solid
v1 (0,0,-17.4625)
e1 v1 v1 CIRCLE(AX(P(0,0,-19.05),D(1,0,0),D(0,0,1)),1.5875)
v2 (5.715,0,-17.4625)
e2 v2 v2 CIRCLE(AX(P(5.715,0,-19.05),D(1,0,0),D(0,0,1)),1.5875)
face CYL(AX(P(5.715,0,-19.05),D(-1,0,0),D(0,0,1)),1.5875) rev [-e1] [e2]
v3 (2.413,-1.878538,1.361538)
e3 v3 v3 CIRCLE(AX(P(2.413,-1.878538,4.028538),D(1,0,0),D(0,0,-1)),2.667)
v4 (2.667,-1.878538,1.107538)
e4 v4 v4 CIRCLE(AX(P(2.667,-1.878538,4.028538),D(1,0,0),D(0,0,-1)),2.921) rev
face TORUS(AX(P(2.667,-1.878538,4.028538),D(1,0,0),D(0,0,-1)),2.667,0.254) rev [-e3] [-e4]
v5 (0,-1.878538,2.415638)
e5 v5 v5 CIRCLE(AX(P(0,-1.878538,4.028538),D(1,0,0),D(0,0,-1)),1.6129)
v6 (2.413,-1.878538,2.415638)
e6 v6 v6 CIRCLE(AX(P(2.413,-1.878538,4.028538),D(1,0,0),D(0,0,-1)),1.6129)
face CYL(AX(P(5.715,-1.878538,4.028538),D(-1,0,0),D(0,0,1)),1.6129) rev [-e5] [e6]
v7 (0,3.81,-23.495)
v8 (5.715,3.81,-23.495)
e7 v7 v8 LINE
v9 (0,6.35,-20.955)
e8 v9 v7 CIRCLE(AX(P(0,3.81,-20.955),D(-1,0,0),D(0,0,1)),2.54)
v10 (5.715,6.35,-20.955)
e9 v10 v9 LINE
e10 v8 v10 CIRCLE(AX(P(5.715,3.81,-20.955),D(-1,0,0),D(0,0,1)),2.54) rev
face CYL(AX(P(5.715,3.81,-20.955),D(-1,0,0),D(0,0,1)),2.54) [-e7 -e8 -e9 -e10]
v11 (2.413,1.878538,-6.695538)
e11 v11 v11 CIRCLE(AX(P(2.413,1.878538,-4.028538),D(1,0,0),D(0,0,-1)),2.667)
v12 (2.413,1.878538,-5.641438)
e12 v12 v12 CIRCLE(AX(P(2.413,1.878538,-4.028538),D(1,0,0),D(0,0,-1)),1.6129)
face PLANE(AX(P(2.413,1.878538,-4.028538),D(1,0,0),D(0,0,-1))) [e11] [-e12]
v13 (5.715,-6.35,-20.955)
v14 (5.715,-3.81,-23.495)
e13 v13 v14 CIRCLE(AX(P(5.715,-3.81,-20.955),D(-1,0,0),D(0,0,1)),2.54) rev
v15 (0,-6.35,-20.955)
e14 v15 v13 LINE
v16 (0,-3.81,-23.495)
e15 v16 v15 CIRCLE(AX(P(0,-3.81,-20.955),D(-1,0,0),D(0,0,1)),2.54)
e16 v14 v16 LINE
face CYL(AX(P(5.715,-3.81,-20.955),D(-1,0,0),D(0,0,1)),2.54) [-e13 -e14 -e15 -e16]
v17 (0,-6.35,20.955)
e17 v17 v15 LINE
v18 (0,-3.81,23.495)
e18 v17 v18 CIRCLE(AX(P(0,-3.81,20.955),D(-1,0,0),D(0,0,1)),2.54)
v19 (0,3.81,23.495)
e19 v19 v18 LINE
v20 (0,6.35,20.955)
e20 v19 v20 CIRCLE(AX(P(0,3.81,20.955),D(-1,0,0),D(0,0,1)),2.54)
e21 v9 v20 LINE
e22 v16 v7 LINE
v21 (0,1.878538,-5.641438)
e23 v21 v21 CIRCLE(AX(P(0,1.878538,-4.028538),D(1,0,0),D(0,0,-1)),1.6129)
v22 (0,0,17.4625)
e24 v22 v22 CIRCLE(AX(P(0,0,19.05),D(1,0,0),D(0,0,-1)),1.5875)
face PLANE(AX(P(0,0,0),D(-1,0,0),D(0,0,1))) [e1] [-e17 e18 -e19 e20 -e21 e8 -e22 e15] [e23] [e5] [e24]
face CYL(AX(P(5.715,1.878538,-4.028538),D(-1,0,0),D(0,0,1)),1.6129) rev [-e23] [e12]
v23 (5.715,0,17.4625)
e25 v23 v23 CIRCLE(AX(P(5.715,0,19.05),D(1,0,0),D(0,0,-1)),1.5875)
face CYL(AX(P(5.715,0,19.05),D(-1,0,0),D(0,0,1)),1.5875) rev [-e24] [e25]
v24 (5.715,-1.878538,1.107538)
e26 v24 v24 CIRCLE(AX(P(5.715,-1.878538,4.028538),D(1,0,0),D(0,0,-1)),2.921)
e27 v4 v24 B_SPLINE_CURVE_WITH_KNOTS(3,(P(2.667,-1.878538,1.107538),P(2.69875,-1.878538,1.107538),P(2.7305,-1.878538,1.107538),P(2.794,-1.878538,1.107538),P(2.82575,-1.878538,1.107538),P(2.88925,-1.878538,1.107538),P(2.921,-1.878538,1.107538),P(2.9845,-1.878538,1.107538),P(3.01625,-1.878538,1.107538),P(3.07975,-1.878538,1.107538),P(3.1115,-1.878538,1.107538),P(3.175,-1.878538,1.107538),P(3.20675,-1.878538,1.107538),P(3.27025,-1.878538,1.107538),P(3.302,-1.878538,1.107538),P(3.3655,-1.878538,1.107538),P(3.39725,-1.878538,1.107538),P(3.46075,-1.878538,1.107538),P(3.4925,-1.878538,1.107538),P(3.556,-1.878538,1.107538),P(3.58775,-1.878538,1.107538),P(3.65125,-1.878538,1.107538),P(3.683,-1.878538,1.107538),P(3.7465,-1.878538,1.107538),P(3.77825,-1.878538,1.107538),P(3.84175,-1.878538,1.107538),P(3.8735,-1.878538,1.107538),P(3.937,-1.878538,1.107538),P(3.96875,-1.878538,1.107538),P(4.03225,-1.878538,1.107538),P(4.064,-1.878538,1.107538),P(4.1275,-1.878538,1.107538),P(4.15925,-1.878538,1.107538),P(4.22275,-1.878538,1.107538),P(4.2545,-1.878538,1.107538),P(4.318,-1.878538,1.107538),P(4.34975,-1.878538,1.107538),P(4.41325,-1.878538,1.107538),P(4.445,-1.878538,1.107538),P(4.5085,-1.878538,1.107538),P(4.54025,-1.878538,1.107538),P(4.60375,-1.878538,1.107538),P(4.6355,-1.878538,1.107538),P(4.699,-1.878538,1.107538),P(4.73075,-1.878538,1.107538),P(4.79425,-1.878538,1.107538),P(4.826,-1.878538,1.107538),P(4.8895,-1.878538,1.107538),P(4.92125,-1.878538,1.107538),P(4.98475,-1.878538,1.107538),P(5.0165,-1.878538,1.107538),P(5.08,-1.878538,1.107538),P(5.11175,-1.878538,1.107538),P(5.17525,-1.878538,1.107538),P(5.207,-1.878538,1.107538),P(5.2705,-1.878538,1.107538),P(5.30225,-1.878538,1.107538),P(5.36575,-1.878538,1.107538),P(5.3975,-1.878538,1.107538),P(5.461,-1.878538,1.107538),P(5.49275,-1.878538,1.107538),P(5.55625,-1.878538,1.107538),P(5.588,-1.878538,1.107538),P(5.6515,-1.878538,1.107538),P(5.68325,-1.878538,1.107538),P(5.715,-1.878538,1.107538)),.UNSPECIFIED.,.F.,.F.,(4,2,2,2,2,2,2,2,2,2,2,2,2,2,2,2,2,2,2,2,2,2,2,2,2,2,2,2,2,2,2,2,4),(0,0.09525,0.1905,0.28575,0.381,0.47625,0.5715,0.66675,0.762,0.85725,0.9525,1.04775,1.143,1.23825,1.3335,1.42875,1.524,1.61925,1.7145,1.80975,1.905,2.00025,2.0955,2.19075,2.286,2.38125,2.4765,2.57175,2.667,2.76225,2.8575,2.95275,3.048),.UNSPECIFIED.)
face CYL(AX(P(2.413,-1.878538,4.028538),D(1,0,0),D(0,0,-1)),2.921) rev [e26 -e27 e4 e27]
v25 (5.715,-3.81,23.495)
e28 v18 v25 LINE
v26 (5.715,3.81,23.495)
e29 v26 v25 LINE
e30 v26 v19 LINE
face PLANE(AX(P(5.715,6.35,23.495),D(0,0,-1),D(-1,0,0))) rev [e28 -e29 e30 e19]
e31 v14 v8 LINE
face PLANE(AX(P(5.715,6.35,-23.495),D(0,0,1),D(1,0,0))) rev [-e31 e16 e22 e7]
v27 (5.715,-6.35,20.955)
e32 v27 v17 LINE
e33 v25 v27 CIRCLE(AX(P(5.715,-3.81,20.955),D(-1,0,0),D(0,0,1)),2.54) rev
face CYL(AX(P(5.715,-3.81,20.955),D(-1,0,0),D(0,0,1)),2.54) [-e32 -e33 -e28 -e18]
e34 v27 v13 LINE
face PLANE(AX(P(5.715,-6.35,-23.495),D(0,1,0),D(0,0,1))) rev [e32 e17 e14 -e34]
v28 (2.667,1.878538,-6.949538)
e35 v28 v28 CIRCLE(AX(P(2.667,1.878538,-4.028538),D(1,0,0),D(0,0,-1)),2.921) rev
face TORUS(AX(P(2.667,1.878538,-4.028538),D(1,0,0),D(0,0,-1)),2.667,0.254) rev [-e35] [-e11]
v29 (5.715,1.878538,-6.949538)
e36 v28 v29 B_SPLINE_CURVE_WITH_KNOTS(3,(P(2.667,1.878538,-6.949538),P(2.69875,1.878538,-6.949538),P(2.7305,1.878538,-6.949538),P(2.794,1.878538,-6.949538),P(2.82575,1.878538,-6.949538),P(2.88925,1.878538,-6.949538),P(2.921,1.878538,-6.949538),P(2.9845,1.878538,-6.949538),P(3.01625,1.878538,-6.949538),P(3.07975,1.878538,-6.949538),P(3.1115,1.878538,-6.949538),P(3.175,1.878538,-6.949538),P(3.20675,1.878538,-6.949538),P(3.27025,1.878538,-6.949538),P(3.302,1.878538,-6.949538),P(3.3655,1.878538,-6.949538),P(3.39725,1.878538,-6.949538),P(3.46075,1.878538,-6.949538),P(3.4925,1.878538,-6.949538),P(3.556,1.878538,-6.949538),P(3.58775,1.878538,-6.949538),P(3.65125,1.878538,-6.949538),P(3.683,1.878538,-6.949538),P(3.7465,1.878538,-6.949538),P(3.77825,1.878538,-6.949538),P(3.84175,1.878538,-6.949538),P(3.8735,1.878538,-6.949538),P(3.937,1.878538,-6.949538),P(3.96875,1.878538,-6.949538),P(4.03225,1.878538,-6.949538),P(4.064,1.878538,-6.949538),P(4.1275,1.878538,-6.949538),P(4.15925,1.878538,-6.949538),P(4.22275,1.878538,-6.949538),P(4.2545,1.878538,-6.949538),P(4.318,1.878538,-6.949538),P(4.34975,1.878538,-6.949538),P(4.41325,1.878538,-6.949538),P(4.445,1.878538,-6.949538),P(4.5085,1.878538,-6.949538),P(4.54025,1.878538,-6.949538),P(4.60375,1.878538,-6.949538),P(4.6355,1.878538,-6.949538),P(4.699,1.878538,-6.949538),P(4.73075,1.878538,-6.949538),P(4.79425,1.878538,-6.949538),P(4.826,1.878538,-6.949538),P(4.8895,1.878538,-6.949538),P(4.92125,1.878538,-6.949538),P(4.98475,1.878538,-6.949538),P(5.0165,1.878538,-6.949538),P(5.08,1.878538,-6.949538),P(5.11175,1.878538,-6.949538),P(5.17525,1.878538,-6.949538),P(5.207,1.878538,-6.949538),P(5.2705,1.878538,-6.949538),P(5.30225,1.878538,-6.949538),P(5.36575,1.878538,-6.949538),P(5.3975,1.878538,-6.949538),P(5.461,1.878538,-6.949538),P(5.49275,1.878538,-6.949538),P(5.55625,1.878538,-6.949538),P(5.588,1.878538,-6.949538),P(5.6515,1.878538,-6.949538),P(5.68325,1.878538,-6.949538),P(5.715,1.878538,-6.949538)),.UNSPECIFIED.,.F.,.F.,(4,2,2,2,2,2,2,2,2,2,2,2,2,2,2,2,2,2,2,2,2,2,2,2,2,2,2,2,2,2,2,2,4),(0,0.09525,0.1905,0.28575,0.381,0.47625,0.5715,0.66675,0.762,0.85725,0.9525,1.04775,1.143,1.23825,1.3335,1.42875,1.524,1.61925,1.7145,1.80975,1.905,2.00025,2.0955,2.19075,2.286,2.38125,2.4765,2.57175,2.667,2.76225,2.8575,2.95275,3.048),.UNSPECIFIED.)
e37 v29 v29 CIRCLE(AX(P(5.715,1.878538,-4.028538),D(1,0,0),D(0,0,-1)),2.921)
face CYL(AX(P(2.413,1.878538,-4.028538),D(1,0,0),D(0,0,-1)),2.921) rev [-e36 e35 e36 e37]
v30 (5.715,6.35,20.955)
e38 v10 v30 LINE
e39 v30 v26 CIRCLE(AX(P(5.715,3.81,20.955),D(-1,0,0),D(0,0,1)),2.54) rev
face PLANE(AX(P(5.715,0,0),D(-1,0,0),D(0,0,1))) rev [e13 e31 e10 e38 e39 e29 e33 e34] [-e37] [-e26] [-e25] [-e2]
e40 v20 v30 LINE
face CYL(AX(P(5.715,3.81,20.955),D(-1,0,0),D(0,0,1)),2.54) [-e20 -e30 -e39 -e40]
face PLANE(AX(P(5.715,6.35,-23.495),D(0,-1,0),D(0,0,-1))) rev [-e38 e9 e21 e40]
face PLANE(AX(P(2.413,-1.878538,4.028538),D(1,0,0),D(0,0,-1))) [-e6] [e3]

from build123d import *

# Parameters (mm, degrees)
SKETCH1_W           = 46.99
SKETCH1_H           = 12.7
SKETCH1_R           = 1.5875
SKETCH1_R_2         = 1.6129
BOSS_EXTRUDE1_DEPTH = 5.715
SKETCH2_R           = 2.921
CUT_EXTRUDE1_DEPTH  = 3.302
FILLET1_R           = 2.54
FILLET2_R           = 0.254


with BuildPart() as part:
    # Sketch1 → Boss-Extrude1 (new body)
    with BuildSketch(Plane(origin=(0, 0, 0), x_dir=(0, 0, -1), z_dir=(1, 0, 0))):
        Rectangle(SKETCH1_W, SKETCH1_H)
        with Locations((-19.05, 0)):
            Circle(SKETCH1_R, mode=Mode.SUBTRACT)
        with Locations(Location((19.05, 0, 0), (0, 0, 180))):
            Circle(SKETCH1_R, mode=Mode.SUBTRACT)
        with Locations((-4.028538113, -1.878538173)):
            Circle(SKETCH1_R_2, mode=Mode.SUBTRACT)
        with Locations((4.028538113, 1.878538173)):
            Circle(SKETCH1_R_2, mode=Mode.SUBTRACT)
    extrude(amount=BOSS_EXTRUDE1_DEPTH)

    # Sketch2 → Cut-Extrude1 (cut)
    with BuildSketch(Plane(origin=(5.715, 0, 0), x_dir=(0, 0, -1), z_dir=(1, 0, 0))):
        with Locations((-4.028538113, -1.878538173)):
            Circle(SKETCH2_R)
        with Locations((4.028538113, 1.878538173)):
            Circle(SKETCH2_R)
    extrude(amount=-CUT_EXTRUDE1_DEPTH, mode=Mode.SUBTRACT)

    # Fillet1
    fillet1_edges = [part.edges().sort_by_distance(p)[0] for p in [
        (2.8575, 6.35, 23.495),
        (2.8575, 6.35, -23.495),
        (2.8575, -6.35, -23.495),
        (2.8575, -6.35, 23.495),
    ]]
    fillet(fillet1_edges, radius=FILLET1_R)

    # Fillet2
    fillet2_edges = [part.edges().sort_by_distance(p)[0] for p in [
        (2.413, -1.878538173, 6.949538113),
        (2.413, 1.878538173, -1.107538113),
    ]]
    fillet(fillet2_edges, radius=FILLET2_R)


solid = part.part
